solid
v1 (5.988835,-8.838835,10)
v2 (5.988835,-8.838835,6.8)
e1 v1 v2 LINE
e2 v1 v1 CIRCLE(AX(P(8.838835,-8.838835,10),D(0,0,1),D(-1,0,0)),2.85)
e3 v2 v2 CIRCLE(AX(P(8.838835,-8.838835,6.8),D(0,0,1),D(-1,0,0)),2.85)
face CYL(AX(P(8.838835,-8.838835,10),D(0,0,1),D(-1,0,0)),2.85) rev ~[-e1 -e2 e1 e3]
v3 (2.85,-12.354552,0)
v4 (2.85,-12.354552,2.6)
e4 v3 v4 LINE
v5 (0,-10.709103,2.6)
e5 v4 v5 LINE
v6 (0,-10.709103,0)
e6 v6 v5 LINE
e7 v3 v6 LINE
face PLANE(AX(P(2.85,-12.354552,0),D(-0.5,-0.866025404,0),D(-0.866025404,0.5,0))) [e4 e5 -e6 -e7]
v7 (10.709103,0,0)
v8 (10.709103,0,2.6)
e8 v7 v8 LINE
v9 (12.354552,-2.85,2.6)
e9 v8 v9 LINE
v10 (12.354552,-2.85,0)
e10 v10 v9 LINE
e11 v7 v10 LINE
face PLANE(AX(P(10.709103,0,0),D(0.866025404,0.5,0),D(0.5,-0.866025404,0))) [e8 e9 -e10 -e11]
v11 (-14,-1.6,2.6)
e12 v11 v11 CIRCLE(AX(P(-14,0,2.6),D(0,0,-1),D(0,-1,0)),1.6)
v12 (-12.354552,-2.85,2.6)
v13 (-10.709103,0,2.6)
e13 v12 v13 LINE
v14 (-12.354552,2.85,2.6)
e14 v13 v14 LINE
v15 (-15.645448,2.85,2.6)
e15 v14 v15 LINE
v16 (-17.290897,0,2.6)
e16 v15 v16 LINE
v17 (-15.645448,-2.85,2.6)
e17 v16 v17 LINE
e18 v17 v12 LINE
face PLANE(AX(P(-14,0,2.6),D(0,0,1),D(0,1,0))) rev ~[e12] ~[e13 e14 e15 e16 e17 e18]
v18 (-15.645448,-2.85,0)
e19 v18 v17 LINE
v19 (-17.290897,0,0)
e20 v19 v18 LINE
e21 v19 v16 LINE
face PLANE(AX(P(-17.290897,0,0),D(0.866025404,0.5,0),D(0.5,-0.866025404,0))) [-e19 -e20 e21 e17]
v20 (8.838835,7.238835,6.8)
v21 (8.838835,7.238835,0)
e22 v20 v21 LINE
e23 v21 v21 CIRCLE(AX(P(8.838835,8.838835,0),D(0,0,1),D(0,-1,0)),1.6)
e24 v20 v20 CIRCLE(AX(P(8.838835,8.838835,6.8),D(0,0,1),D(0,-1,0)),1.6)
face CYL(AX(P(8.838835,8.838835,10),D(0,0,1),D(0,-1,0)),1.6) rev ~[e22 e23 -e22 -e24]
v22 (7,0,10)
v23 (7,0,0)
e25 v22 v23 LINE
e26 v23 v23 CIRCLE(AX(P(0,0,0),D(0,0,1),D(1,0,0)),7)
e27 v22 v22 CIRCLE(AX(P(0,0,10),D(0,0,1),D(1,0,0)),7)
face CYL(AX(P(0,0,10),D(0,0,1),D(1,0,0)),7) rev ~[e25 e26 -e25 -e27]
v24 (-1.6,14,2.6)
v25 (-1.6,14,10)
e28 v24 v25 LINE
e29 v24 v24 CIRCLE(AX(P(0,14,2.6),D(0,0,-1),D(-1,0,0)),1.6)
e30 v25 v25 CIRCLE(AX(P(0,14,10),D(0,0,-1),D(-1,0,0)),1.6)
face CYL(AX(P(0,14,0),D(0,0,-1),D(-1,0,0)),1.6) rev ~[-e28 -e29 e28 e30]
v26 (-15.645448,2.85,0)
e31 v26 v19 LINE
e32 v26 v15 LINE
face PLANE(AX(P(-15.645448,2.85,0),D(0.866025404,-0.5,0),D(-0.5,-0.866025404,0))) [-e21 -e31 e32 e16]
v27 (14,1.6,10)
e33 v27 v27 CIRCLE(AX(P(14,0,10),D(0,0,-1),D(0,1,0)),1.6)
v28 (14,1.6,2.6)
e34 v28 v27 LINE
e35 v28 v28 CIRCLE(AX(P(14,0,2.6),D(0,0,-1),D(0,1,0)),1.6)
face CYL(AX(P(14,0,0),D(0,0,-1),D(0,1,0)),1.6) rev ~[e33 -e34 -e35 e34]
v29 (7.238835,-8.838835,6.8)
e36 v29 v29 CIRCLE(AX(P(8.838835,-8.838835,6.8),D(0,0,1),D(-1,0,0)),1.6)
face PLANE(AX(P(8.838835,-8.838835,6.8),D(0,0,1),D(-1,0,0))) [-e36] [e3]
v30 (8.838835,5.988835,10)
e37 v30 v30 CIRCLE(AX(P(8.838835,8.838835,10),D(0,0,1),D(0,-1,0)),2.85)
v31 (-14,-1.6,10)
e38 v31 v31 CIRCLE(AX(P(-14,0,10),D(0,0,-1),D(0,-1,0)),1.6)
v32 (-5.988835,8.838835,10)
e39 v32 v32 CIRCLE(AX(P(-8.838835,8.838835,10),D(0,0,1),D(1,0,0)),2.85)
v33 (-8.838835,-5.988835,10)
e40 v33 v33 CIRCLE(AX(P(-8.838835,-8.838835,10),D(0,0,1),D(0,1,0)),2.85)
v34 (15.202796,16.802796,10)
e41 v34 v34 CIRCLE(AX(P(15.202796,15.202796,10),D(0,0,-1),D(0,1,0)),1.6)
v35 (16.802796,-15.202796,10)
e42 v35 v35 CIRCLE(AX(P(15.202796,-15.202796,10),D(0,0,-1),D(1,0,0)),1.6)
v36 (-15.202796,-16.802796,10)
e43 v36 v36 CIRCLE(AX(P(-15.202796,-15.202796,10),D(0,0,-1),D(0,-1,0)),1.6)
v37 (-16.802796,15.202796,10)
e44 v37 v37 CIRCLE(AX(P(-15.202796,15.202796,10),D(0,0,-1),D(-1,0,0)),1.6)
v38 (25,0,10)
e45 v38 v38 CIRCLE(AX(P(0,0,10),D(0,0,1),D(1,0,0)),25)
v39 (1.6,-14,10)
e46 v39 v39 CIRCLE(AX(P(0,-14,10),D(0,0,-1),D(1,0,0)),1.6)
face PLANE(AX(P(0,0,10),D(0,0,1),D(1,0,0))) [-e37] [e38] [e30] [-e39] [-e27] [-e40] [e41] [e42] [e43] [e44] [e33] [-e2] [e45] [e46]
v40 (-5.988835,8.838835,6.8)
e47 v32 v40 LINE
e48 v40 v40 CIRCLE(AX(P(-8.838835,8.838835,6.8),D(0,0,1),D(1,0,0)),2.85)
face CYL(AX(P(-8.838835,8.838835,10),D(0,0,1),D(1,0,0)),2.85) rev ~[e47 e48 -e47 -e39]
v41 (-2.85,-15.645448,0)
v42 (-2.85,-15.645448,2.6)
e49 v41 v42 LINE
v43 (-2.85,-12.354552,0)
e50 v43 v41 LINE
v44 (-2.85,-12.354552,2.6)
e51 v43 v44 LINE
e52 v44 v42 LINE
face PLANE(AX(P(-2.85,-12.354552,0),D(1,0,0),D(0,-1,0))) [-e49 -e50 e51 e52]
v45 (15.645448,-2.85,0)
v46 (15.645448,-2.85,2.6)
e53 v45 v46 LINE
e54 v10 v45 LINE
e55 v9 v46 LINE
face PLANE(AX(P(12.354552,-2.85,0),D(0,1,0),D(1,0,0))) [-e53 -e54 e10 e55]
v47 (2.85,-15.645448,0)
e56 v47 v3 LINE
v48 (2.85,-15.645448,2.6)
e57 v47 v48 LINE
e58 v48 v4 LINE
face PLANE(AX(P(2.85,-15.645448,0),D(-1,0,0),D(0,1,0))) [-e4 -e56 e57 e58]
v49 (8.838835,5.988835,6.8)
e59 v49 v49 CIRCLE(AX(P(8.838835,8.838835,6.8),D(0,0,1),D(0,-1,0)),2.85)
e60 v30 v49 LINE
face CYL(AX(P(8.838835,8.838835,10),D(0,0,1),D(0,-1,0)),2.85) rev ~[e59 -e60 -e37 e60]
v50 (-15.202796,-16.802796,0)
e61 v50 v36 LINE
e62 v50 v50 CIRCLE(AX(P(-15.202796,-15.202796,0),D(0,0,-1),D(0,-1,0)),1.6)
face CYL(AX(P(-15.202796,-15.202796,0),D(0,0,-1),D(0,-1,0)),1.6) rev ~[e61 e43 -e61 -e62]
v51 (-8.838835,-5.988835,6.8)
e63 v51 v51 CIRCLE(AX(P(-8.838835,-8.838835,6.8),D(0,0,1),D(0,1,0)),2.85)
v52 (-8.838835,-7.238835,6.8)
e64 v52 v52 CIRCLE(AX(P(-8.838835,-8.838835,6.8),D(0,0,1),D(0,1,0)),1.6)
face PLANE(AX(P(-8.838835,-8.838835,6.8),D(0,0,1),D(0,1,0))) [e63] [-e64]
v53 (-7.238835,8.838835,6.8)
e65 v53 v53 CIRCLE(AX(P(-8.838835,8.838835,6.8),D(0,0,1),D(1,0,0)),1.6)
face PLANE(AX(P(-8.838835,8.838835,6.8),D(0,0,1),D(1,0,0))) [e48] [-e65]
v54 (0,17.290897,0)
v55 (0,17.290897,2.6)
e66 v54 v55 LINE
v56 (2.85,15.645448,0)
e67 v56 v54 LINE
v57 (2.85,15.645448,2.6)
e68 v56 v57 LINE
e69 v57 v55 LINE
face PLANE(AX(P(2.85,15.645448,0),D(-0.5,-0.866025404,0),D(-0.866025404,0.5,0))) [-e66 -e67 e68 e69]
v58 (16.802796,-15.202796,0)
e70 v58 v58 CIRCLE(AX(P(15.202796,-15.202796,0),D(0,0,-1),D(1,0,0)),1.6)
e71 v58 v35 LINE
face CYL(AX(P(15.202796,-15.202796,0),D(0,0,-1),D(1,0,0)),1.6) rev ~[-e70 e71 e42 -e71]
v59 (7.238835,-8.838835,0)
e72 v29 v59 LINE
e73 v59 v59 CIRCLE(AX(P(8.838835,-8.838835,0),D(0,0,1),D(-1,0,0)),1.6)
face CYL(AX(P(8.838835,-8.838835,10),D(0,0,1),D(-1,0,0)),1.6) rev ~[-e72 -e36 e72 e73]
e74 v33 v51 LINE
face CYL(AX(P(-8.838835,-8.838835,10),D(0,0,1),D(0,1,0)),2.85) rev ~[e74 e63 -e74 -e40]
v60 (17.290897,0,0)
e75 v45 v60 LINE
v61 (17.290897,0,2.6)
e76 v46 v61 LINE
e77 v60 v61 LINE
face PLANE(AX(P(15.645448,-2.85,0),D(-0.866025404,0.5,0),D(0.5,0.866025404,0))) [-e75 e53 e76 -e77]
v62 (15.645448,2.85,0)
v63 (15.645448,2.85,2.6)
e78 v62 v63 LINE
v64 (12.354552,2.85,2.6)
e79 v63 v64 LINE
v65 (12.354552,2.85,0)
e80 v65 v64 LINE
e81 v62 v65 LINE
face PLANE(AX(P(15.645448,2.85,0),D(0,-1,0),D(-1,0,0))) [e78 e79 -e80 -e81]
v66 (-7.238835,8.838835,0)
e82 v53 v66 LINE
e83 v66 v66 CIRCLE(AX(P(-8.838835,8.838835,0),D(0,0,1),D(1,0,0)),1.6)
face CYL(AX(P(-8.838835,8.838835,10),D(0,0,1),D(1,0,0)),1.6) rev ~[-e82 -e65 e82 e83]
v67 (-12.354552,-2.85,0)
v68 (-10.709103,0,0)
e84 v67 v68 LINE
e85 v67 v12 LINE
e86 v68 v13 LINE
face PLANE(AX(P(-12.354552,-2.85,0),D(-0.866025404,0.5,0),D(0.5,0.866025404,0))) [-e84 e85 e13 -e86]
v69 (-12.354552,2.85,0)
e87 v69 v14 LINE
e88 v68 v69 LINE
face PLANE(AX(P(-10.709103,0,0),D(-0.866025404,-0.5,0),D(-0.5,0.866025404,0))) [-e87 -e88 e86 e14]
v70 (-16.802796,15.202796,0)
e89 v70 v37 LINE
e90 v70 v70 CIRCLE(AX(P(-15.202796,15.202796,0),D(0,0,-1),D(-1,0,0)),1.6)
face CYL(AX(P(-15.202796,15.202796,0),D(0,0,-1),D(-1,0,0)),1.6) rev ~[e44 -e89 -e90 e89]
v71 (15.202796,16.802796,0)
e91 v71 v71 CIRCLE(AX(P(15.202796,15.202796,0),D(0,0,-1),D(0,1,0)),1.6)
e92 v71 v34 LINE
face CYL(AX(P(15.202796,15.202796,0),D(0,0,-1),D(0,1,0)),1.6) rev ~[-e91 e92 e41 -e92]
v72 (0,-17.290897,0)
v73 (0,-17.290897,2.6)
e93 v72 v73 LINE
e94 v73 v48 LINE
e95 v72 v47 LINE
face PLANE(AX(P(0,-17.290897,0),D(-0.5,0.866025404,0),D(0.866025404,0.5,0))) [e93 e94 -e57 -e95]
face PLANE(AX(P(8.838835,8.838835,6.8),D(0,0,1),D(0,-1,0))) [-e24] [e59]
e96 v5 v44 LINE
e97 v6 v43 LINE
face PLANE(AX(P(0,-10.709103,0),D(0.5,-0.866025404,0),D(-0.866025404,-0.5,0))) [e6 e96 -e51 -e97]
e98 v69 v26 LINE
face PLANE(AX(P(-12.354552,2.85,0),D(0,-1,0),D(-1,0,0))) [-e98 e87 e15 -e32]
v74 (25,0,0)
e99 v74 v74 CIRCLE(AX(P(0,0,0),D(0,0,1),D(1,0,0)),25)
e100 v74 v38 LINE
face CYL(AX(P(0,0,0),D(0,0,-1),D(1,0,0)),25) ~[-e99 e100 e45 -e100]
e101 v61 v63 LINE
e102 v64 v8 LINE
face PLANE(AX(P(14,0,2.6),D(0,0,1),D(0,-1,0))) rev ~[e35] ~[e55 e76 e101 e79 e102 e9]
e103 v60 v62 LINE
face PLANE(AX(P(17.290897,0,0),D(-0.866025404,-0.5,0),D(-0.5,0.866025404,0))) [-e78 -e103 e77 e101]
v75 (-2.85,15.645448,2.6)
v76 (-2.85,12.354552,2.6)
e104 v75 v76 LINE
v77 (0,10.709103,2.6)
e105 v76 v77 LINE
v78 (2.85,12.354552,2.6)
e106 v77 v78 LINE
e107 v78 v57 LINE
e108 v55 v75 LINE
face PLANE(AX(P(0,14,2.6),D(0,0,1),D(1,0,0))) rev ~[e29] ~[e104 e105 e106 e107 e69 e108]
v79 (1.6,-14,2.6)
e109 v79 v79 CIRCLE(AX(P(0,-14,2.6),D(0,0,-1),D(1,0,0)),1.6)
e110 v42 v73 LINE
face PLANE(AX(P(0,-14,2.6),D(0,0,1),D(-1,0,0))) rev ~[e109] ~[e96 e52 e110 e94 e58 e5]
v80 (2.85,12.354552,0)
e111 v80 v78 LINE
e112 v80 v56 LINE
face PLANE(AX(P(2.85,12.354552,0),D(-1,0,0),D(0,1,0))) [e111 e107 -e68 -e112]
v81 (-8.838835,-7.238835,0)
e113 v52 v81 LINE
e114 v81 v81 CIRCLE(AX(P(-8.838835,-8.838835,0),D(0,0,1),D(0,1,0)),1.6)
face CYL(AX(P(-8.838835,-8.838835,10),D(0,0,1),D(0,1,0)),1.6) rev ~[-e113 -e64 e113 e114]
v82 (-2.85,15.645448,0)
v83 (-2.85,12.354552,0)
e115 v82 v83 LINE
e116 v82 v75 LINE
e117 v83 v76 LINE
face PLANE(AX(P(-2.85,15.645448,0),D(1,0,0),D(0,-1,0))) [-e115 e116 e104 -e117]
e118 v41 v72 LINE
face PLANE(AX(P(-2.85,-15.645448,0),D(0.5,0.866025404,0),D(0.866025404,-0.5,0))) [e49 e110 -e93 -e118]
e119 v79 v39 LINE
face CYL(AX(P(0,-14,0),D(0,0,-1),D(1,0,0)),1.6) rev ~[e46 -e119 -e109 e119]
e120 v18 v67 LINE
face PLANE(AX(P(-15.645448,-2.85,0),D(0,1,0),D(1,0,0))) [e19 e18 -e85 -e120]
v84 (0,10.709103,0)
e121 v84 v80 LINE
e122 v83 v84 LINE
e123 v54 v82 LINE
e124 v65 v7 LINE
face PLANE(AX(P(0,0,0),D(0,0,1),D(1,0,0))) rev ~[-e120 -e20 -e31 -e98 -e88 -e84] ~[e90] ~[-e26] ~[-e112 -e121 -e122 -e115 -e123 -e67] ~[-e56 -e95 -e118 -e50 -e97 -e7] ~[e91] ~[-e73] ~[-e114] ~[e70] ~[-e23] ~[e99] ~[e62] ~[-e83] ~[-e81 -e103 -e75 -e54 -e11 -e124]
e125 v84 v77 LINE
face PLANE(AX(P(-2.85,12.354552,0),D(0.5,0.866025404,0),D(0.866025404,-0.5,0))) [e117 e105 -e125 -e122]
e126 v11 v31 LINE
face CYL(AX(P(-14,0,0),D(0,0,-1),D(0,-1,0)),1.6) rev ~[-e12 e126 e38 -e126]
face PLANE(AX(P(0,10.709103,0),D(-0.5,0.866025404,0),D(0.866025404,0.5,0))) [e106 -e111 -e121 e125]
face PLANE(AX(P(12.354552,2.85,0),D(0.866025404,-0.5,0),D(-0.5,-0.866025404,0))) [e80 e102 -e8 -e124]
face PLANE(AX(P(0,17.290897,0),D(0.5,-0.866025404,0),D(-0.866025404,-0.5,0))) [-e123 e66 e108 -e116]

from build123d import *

# Parameters (mm, degrees)
SKETCH1_R           = 25
BOSS_EXTRUDE1_DEPTH = 10
SKETCH2_R           = 1.6
CUT_EXTRUDE1_DEPTH  = 37.742346142
SKETCH5_R           = 2.85
CUT_EXTRUDE4_DEPTH  = 3.2
CIRPATTERN1_COUNT   = 4
SKETCH8_R           = 1.6
CUT_EXTRUDE6_DEPTH  = 37.742346142
CUT_EXTRUDE2_DEPTH  = 2.6
CIRPATTERN2_COUNT   = 4
SKETCH4_R           = 7
CUT_EXTRUDE3_DEPTH  = 37.742346142
SKETCH6_R           = 1.6
CUT_EXTRUDE5_DEPTH  = 37.742346142
CIRPATTERN3_COUNT   = 4


with BuildPart() as part:
    # Sketch1 → Boss-Extrude1 (new body)
    with BuildSketch(Plane.XY):
        Circle(SKETCH1_R)
    extrude(amount=BOSS_EXTRUDE1_DEPTH)

    # Sketch2 → Cut-Extrude1 (cut, through all)
    with BuildSketch(Plane.XY.offset(10)):
        with Locations((-8.838834765, 8.838834765)):
            Circle(SKETCH2_R)
    cut_extrude1 = extrude(amount=-CUT_EXTRUDE1_DEPTH, mode=Mode.SUBTRACT)

    # Sketch5 → Cut-Extrude4 (cut)
    with BuildSketch(Plane.XY.offset(10)):
        with Locations((-8.838834765, 8.838834765)):
            Circle(SKETCH5_R)
    cut_extrude4 = extrude(amount=-CUT_EXTRUDE4_DEPTH, mode=Mode.SUBTRACT)

    # CirPattern1: Cut-Extrude1, Cut-Extrude4 ×4 about axis
    cirpattern1_axis = Axis((0, 0, 0), (0, 0, 1))
    add([cut_extrude1.rotate(cirpattern1_axis, i * 360 / CIRPATTERN1_COUNT) for i in range(1, CIRPATTERN1_COUNT)], mode=Mode.SUBTRACT)
    add([cut_extrude4.rotate(cirpattern1_axis, i * 360 / CIRPATTERN1_COUNT) for i in range(1, CIRPATTERN1_COUNT)], mode=Mode.SUBTRACT)

    # Sketch8 → Cut-Extrude6 (cut, through all)
    with BuildSketch(Plane(origin=(0, 0, 0), x_dir=(-1, 0, 0), z_dir=(0, 0, -1))):
        with Locations((0, 14)):
            Circle(SKETCH8_R)
    cut_extrude6 = extrude(amount=-CUT_EXTRUDE6_DEPTH, mode=Mode.SUBTRACT)

    # Sketch3 → Cut-Extrude2 (cut)
    with BuildSketch(Plane.XY):
        Polygon((2.85, 12.354551733), (2.85, 15.645448267), (0, 17.290896534), (-2.85, 15.645448267), (-2.85, 12.354551733), (0, 10.709103466), align=None)
    cut_extrude2 = extrude(amount=CUT_EXTRUDE2_DEPTH, mode=Mode.SUBTRACT)

    # CirPattern2: Cut-Extrude6, Cut-Extrude2 ×4 about axis
    cirpattern2_axis = Axis((0, 0, 0), (0, 0, 1))
    add([cut_extrude6.rotate(cirpattern2_axis, i * 360 / CIRPATTERN2_COUNT) for i in range(1, CIRPATTERN2_COUNT)], mode=Mode.SUBTRACT)
    add([cut_extrude2.rotate(cirpattern2_axis, i * 360 / CIRPATTERN2_COUNT) for i in range(1, CIRPATTERN2_COUNT)], mode=Mode.SUBTRACT)

    # Sketch4 → Cut-Extrude3 (cut, through all)
    with BuildSketch(Plane.XY.offset(10)):
        Circle(SKETCH4_R)
    extrude(amount=-CUT_EXTRUDE3_DEPTH, mode=Mode.SUBTRACT)

    # Sketch6 → Cut-Extrude5 (cut, through all)
    with BuildSketch(Plane(origin=(0, 0, 0), x_dir=(-1, 0, 0), z_dir=(0, 0, -1))):
        with Locations((15.202795796, 15.202795796)):
            Circle(SKETCH6_R)
    cut_extrude5 = extrude(amount=-CUT_EXTRUDE5_DEPTH, mode=Mode.SUBTRACT)

    # CirPattern3: Cut-Extrude5 ×4 about axis
    cirpattern3_axis = Axis((0, 0, 0), (0, 0, 1))
    for i in range(1, CIRPATTERN3_COUNT):
        add(cut_extrude5.rotate(cirpattern3_axis, i * 360 / CIRPATTERN3_COUNT), mode=Mode.SUBTRACT)


solid = part.part
